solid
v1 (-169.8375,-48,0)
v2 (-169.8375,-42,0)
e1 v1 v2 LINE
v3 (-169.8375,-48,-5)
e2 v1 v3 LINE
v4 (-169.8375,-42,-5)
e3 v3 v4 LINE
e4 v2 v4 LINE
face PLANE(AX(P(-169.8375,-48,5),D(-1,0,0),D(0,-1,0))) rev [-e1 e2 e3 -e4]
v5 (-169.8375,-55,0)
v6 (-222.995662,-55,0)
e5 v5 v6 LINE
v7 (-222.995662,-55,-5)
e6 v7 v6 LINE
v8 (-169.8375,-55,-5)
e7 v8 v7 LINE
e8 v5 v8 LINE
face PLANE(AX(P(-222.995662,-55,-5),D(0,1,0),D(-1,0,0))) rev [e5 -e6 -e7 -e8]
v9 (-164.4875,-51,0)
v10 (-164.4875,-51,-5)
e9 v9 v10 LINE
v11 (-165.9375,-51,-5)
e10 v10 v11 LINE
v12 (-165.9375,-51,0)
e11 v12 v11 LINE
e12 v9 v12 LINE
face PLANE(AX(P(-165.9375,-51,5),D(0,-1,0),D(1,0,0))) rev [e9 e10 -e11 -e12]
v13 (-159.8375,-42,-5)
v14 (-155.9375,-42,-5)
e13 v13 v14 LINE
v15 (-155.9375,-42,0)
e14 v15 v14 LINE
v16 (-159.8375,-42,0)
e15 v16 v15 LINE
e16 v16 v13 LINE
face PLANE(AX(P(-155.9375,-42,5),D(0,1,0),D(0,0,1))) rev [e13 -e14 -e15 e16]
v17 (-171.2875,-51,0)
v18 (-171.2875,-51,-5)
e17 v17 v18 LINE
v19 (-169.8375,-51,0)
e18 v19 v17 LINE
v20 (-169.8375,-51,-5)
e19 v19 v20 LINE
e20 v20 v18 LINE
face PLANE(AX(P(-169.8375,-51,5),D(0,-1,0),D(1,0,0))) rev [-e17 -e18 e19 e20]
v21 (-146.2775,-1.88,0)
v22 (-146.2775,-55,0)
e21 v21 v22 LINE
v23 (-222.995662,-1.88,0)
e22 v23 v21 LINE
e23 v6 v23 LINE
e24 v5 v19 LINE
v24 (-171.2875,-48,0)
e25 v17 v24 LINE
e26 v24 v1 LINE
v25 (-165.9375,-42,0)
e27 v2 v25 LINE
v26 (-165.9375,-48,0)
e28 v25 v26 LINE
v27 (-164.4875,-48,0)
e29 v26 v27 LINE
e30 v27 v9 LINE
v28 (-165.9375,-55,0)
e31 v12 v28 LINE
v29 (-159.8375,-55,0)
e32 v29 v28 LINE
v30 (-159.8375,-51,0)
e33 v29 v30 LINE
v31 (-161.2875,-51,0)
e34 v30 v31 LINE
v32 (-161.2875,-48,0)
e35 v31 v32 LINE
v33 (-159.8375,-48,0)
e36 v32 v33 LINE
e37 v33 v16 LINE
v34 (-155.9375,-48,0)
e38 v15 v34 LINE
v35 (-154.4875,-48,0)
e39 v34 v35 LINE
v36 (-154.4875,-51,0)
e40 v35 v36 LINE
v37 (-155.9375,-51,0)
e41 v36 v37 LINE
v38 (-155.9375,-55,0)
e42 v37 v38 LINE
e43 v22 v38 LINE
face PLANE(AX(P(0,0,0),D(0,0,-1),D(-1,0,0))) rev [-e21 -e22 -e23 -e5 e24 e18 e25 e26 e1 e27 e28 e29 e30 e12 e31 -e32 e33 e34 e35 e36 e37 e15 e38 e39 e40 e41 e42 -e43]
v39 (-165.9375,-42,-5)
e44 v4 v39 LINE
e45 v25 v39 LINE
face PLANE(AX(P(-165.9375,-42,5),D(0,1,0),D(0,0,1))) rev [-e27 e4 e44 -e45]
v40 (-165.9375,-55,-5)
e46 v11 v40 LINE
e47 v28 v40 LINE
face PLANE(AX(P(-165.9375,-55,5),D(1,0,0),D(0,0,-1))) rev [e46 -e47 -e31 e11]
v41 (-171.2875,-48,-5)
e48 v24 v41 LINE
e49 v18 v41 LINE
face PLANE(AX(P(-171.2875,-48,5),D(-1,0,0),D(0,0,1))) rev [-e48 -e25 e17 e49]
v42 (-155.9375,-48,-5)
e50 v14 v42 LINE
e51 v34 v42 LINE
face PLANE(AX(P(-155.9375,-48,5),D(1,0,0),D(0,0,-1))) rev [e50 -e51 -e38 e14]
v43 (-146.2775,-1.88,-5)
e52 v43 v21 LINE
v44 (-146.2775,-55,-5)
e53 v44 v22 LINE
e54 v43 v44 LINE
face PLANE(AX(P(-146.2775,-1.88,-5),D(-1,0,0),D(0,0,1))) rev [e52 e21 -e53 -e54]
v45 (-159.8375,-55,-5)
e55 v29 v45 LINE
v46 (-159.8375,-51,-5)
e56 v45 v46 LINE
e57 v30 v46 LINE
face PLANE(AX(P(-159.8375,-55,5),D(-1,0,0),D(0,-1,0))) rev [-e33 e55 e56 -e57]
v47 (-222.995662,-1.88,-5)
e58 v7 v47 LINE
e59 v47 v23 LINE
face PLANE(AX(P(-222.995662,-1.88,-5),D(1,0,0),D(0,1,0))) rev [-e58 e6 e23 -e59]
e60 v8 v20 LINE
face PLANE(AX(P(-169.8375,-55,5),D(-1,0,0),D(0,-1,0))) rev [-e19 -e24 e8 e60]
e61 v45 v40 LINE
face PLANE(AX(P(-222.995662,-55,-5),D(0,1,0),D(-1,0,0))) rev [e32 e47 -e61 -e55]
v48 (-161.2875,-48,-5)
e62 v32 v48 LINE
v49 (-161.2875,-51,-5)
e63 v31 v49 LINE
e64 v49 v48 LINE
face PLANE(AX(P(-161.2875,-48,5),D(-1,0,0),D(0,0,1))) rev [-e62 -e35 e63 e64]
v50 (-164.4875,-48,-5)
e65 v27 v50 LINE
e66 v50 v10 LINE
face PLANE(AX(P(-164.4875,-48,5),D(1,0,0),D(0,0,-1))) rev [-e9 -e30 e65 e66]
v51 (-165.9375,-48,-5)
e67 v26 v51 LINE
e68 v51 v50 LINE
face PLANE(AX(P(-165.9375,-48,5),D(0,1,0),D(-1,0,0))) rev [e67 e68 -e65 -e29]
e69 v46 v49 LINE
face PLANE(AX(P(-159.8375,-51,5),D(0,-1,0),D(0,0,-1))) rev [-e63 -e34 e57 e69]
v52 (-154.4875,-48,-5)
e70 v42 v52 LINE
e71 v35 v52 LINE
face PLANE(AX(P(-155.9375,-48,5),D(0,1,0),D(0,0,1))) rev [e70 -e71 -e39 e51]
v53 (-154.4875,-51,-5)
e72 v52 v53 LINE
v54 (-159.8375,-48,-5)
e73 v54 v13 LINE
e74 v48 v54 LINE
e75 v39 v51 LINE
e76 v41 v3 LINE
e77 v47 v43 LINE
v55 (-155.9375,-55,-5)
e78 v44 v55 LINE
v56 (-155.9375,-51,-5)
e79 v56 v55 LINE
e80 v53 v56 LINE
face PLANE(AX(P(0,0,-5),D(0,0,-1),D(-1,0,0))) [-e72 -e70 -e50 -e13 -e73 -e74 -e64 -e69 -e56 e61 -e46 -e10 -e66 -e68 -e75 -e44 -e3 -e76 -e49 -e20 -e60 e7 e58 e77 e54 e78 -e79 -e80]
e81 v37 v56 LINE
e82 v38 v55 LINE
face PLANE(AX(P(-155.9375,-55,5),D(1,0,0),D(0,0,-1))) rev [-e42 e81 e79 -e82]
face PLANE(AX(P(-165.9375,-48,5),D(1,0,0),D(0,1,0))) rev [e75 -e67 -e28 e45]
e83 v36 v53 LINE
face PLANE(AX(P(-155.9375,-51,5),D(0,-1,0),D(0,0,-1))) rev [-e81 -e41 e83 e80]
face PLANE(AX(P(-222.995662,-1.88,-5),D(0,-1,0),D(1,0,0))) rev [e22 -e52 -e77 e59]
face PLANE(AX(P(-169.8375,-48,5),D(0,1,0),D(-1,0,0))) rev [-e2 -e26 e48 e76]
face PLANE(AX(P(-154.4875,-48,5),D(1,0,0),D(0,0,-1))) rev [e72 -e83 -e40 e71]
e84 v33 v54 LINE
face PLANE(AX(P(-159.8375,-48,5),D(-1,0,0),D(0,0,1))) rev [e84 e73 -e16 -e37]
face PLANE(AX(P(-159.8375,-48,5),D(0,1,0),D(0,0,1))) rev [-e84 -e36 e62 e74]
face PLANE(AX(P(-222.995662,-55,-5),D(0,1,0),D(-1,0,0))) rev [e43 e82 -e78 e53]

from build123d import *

# Parameters (mm, degrees)
SKETCH2_W           = 76.718161642
SKETCH2_H           = 53.12
BOSS_EXTRUDE1_DEPTH = 5
CUT_EXTRUDE1_DEPTH  = 10


with BuildPart() as part:
    # Sketch2 → Boss-Extrude1 (new body)
    with BuildSketch(Plane(origin=(0, 0, 0), x_dir=(-1, 0, 0), z_dir=(0, 0, -1))):
        with Locations((184.636580821, -28.44)):
            Rectangle(SKETCH2_W, SKETCH2_H)
    extrude(amount=BOSS_EXTRUDE1_DEPTH)

    # Sketch3 → Cut-Extrude1 (cut)
    with BuildSketch(Plane(origin=(0, 0, -5), x_dir=(-1, 0, 0), z_dir=(0, 0, -1))):
        Polygon((155.9375, -55), (155.9375, -51), (154.4875, -51), (154.4875, -48), (155.9375, -48), (155.9375, -42), (159.8375, -42), (159.8375, -48), (161.2875, -48), (161.2875, -51), (159.8375, -51), (159.8375, -55), align=None)
        Polygon((165.9375, -55), (165.9375, -51), (164.4875, -51), (164.4875, -48), (165.9375, -48), (165.9375, -42), (169.8375, -42), (169.8375, -48), (171.2875, -48), (171.2875, -51), (169.8375, -51), (169.8375, -55), align=None)
    extrude(amount=-CUT_EXTRUDE1_DEPTH, mode=Mode.SUBTRACT)


solid = part.part
